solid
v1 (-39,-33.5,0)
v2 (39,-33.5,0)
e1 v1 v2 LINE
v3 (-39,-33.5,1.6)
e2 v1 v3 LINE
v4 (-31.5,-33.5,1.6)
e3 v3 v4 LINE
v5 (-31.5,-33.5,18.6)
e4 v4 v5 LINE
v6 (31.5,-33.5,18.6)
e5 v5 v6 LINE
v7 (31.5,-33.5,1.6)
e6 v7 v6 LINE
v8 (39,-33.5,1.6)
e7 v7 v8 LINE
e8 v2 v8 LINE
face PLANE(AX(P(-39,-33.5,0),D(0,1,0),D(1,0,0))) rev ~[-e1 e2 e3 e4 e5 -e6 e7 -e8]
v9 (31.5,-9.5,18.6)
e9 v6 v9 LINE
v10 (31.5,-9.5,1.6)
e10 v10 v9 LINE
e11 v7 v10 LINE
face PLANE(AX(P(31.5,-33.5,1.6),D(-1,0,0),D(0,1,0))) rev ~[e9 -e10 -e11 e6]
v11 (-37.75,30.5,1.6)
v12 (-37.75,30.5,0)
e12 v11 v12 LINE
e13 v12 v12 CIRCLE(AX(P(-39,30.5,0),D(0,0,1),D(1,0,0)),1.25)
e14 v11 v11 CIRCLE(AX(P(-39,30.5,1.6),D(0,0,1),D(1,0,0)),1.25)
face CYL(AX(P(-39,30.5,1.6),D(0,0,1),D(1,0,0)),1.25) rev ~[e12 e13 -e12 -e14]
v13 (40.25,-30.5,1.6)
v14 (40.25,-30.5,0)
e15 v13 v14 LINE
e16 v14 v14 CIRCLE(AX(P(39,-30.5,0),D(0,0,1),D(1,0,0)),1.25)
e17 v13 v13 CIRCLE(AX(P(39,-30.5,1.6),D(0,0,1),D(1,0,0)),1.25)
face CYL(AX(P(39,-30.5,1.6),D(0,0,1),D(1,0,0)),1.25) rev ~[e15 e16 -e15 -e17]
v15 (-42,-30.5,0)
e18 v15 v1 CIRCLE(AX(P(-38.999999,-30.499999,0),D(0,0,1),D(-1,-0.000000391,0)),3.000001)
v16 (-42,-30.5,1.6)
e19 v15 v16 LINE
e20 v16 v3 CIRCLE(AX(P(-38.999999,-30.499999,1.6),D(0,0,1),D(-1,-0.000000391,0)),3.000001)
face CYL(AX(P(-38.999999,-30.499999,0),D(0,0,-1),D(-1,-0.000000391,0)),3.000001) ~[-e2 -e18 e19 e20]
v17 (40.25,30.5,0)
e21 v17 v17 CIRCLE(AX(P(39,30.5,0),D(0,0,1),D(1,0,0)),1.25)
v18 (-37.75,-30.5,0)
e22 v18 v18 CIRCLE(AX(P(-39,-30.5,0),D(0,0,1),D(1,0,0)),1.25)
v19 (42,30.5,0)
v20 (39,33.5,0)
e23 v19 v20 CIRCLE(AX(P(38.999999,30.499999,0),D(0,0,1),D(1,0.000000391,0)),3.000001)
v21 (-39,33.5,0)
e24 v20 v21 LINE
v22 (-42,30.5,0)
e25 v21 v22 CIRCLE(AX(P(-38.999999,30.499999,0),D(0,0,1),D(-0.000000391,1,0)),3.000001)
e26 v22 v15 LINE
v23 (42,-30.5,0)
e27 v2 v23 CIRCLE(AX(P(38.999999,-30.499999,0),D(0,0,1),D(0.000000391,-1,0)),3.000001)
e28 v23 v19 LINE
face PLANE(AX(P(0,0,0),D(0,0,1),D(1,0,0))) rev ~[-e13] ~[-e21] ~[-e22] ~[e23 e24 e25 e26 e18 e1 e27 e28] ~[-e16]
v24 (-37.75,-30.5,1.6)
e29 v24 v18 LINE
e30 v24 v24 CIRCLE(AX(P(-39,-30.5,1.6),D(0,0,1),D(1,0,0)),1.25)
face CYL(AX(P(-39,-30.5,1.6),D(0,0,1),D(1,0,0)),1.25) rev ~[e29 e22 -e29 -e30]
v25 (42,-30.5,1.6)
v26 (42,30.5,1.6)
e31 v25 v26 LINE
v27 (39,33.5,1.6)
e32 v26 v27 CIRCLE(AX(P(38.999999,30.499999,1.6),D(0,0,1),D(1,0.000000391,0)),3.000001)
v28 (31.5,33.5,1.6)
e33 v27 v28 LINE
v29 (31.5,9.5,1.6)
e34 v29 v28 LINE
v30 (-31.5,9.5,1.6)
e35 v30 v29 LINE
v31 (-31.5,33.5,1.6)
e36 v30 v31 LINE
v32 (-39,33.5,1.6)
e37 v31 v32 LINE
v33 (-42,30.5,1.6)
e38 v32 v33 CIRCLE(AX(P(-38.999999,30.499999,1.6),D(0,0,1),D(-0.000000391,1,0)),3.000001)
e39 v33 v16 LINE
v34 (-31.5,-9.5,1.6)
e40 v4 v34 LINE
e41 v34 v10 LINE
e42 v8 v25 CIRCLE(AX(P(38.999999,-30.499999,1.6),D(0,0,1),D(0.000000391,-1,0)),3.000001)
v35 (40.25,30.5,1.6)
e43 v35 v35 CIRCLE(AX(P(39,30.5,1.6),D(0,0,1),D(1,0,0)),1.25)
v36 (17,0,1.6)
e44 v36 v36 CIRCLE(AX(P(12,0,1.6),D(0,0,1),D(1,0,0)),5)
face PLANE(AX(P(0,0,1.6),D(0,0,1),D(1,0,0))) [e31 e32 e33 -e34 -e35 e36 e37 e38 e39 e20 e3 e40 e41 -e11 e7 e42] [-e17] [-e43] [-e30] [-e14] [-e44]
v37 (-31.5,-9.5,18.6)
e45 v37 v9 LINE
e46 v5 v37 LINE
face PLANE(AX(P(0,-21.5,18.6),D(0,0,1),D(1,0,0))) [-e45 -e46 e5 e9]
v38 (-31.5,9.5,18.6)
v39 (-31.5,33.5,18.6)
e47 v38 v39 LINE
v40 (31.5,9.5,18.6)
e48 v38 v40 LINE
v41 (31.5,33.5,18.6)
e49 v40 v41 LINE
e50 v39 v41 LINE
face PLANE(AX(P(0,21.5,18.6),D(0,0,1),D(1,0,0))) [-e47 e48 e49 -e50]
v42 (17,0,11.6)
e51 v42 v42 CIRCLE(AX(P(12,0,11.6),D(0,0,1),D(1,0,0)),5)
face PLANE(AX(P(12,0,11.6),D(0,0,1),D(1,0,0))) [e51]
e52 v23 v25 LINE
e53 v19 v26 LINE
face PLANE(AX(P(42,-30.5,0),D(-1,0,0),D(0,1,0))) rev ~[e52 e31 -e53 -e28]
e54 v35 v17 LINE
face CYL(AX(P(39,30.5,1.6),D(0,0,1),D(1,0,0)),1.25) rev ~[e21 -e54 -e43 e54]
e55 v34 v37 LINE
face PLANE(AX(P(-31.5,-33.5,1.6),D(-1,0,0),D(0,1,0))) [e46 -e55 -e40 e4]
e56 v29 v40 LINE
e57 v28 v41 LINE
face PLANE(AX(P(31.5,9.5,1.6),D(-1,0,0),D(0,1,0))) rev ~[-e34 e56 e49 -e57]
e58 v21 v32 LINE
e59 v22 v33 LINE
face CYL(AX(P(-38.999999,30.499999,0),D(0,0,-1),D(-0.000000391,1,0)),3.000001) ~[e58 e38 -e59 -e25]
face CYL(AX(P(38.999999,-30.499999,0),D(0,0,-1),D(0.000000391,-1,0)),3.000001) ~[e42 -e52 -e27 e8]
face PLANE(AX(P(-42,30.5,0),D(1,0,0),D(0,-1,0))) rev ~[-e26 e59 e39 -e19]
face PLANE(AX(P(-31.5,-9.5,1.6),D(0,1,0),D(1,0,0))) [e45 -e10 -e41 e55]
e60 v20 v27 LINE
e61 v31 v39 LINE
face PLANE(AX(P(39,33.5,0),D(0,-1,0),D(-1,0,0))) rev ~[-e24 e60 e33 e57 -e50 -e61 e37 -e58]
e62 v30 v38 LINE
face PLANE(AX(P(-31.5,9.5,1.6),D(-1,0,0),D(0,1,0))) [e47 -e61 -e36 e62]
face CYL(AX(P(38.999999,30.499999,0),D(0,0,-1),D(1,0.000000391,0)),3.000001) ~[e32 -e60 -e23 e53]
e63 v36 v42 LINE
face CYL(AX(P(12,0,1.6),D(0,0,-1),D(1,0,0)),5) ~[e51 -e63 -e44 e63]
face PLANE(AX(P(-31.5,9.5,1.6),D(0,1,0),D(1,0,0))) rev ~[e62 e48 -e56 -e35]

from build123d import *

# Parameters (mm, degrees)
PAD009_DEPTH    = 1.6
SKETCH027_R     = 1.25
POCKET010_DEPTH = 1.601
SKETCH028_R     = 5
PAD010_DEPTH    = 10
SKETCH029_W     = 63
SKETCH029_H     = 24
PAD011_DEPTH    = 17


with BuildPart() as part:
    # Sketch026 → Pad009 (new body)
    with BuildSketch(Plane.XY):
        with BuildLine():
            Line((39, 33.5), (-39, 33.5))
            ThreePointArc((-39, 33.5), (-41.12132, 32.62132), (-42, 30.5))
            Line((-42, 30.5), (-42, -30.5))
            ThreePointArc((-42, -30.5), (-41.12132, -32.62132), (-39, -33.5))
            Line((-39, -33.5), (39, -33.5))
            ThreePointArc((39, -33.5), (41.12132, -32.62132), (42, -30.5))
            Line((42, -30.5), (42, 30.5))
            ThreePointArc((42, 30.5), (41.12132, 32.62132), (39, 33.5))
        make_face()
    extrude(amount=PAD009_DEPTH)

    # Sketch027 (on Face10 of Pad009) → Pocket010 (cut, through all)
    with BuildSketch(Plane.XY.offset(1.6)):
        with Locations((-39, 30.5)):
            Circle(SKETCH027_R)
        with Locations((39, 30.5)):
            Circle(SKETCH027_R)
        with Locations((39, -30.5)):
            Circle(SKETCH027_R)
        with Locations((-39, -30.5)):
            Circle(SKETCH027_R)
    extrude(amount=-POCKET010_DEPTH, mode=Mode.SUBTRACT)

    # Sketch028 (on Face5 of Pocket010) → Pad010 (join)
    with BuildSketch(Plane.XY.offset(1.6)):
        with Locations((12, 0)):
            Circle(SKETCH028_R)
    extrude(amount=PAD010_DEPTH)

    # Sketch029 (on Face5 of Pad010) → Pad011 (join)
    with BuildSketch(Plane.XY.offset(1.6)):
        with Locations((0, 21.5)):
            Rectangle(SKETCH029_W, SKETCH029_H)
        with Locations((0, -21.5)):
            Rectangle(SKETCH029_W, SKETCH029_H)
    extrude(amount=PAD011_DEPTH)


solid = part.part
